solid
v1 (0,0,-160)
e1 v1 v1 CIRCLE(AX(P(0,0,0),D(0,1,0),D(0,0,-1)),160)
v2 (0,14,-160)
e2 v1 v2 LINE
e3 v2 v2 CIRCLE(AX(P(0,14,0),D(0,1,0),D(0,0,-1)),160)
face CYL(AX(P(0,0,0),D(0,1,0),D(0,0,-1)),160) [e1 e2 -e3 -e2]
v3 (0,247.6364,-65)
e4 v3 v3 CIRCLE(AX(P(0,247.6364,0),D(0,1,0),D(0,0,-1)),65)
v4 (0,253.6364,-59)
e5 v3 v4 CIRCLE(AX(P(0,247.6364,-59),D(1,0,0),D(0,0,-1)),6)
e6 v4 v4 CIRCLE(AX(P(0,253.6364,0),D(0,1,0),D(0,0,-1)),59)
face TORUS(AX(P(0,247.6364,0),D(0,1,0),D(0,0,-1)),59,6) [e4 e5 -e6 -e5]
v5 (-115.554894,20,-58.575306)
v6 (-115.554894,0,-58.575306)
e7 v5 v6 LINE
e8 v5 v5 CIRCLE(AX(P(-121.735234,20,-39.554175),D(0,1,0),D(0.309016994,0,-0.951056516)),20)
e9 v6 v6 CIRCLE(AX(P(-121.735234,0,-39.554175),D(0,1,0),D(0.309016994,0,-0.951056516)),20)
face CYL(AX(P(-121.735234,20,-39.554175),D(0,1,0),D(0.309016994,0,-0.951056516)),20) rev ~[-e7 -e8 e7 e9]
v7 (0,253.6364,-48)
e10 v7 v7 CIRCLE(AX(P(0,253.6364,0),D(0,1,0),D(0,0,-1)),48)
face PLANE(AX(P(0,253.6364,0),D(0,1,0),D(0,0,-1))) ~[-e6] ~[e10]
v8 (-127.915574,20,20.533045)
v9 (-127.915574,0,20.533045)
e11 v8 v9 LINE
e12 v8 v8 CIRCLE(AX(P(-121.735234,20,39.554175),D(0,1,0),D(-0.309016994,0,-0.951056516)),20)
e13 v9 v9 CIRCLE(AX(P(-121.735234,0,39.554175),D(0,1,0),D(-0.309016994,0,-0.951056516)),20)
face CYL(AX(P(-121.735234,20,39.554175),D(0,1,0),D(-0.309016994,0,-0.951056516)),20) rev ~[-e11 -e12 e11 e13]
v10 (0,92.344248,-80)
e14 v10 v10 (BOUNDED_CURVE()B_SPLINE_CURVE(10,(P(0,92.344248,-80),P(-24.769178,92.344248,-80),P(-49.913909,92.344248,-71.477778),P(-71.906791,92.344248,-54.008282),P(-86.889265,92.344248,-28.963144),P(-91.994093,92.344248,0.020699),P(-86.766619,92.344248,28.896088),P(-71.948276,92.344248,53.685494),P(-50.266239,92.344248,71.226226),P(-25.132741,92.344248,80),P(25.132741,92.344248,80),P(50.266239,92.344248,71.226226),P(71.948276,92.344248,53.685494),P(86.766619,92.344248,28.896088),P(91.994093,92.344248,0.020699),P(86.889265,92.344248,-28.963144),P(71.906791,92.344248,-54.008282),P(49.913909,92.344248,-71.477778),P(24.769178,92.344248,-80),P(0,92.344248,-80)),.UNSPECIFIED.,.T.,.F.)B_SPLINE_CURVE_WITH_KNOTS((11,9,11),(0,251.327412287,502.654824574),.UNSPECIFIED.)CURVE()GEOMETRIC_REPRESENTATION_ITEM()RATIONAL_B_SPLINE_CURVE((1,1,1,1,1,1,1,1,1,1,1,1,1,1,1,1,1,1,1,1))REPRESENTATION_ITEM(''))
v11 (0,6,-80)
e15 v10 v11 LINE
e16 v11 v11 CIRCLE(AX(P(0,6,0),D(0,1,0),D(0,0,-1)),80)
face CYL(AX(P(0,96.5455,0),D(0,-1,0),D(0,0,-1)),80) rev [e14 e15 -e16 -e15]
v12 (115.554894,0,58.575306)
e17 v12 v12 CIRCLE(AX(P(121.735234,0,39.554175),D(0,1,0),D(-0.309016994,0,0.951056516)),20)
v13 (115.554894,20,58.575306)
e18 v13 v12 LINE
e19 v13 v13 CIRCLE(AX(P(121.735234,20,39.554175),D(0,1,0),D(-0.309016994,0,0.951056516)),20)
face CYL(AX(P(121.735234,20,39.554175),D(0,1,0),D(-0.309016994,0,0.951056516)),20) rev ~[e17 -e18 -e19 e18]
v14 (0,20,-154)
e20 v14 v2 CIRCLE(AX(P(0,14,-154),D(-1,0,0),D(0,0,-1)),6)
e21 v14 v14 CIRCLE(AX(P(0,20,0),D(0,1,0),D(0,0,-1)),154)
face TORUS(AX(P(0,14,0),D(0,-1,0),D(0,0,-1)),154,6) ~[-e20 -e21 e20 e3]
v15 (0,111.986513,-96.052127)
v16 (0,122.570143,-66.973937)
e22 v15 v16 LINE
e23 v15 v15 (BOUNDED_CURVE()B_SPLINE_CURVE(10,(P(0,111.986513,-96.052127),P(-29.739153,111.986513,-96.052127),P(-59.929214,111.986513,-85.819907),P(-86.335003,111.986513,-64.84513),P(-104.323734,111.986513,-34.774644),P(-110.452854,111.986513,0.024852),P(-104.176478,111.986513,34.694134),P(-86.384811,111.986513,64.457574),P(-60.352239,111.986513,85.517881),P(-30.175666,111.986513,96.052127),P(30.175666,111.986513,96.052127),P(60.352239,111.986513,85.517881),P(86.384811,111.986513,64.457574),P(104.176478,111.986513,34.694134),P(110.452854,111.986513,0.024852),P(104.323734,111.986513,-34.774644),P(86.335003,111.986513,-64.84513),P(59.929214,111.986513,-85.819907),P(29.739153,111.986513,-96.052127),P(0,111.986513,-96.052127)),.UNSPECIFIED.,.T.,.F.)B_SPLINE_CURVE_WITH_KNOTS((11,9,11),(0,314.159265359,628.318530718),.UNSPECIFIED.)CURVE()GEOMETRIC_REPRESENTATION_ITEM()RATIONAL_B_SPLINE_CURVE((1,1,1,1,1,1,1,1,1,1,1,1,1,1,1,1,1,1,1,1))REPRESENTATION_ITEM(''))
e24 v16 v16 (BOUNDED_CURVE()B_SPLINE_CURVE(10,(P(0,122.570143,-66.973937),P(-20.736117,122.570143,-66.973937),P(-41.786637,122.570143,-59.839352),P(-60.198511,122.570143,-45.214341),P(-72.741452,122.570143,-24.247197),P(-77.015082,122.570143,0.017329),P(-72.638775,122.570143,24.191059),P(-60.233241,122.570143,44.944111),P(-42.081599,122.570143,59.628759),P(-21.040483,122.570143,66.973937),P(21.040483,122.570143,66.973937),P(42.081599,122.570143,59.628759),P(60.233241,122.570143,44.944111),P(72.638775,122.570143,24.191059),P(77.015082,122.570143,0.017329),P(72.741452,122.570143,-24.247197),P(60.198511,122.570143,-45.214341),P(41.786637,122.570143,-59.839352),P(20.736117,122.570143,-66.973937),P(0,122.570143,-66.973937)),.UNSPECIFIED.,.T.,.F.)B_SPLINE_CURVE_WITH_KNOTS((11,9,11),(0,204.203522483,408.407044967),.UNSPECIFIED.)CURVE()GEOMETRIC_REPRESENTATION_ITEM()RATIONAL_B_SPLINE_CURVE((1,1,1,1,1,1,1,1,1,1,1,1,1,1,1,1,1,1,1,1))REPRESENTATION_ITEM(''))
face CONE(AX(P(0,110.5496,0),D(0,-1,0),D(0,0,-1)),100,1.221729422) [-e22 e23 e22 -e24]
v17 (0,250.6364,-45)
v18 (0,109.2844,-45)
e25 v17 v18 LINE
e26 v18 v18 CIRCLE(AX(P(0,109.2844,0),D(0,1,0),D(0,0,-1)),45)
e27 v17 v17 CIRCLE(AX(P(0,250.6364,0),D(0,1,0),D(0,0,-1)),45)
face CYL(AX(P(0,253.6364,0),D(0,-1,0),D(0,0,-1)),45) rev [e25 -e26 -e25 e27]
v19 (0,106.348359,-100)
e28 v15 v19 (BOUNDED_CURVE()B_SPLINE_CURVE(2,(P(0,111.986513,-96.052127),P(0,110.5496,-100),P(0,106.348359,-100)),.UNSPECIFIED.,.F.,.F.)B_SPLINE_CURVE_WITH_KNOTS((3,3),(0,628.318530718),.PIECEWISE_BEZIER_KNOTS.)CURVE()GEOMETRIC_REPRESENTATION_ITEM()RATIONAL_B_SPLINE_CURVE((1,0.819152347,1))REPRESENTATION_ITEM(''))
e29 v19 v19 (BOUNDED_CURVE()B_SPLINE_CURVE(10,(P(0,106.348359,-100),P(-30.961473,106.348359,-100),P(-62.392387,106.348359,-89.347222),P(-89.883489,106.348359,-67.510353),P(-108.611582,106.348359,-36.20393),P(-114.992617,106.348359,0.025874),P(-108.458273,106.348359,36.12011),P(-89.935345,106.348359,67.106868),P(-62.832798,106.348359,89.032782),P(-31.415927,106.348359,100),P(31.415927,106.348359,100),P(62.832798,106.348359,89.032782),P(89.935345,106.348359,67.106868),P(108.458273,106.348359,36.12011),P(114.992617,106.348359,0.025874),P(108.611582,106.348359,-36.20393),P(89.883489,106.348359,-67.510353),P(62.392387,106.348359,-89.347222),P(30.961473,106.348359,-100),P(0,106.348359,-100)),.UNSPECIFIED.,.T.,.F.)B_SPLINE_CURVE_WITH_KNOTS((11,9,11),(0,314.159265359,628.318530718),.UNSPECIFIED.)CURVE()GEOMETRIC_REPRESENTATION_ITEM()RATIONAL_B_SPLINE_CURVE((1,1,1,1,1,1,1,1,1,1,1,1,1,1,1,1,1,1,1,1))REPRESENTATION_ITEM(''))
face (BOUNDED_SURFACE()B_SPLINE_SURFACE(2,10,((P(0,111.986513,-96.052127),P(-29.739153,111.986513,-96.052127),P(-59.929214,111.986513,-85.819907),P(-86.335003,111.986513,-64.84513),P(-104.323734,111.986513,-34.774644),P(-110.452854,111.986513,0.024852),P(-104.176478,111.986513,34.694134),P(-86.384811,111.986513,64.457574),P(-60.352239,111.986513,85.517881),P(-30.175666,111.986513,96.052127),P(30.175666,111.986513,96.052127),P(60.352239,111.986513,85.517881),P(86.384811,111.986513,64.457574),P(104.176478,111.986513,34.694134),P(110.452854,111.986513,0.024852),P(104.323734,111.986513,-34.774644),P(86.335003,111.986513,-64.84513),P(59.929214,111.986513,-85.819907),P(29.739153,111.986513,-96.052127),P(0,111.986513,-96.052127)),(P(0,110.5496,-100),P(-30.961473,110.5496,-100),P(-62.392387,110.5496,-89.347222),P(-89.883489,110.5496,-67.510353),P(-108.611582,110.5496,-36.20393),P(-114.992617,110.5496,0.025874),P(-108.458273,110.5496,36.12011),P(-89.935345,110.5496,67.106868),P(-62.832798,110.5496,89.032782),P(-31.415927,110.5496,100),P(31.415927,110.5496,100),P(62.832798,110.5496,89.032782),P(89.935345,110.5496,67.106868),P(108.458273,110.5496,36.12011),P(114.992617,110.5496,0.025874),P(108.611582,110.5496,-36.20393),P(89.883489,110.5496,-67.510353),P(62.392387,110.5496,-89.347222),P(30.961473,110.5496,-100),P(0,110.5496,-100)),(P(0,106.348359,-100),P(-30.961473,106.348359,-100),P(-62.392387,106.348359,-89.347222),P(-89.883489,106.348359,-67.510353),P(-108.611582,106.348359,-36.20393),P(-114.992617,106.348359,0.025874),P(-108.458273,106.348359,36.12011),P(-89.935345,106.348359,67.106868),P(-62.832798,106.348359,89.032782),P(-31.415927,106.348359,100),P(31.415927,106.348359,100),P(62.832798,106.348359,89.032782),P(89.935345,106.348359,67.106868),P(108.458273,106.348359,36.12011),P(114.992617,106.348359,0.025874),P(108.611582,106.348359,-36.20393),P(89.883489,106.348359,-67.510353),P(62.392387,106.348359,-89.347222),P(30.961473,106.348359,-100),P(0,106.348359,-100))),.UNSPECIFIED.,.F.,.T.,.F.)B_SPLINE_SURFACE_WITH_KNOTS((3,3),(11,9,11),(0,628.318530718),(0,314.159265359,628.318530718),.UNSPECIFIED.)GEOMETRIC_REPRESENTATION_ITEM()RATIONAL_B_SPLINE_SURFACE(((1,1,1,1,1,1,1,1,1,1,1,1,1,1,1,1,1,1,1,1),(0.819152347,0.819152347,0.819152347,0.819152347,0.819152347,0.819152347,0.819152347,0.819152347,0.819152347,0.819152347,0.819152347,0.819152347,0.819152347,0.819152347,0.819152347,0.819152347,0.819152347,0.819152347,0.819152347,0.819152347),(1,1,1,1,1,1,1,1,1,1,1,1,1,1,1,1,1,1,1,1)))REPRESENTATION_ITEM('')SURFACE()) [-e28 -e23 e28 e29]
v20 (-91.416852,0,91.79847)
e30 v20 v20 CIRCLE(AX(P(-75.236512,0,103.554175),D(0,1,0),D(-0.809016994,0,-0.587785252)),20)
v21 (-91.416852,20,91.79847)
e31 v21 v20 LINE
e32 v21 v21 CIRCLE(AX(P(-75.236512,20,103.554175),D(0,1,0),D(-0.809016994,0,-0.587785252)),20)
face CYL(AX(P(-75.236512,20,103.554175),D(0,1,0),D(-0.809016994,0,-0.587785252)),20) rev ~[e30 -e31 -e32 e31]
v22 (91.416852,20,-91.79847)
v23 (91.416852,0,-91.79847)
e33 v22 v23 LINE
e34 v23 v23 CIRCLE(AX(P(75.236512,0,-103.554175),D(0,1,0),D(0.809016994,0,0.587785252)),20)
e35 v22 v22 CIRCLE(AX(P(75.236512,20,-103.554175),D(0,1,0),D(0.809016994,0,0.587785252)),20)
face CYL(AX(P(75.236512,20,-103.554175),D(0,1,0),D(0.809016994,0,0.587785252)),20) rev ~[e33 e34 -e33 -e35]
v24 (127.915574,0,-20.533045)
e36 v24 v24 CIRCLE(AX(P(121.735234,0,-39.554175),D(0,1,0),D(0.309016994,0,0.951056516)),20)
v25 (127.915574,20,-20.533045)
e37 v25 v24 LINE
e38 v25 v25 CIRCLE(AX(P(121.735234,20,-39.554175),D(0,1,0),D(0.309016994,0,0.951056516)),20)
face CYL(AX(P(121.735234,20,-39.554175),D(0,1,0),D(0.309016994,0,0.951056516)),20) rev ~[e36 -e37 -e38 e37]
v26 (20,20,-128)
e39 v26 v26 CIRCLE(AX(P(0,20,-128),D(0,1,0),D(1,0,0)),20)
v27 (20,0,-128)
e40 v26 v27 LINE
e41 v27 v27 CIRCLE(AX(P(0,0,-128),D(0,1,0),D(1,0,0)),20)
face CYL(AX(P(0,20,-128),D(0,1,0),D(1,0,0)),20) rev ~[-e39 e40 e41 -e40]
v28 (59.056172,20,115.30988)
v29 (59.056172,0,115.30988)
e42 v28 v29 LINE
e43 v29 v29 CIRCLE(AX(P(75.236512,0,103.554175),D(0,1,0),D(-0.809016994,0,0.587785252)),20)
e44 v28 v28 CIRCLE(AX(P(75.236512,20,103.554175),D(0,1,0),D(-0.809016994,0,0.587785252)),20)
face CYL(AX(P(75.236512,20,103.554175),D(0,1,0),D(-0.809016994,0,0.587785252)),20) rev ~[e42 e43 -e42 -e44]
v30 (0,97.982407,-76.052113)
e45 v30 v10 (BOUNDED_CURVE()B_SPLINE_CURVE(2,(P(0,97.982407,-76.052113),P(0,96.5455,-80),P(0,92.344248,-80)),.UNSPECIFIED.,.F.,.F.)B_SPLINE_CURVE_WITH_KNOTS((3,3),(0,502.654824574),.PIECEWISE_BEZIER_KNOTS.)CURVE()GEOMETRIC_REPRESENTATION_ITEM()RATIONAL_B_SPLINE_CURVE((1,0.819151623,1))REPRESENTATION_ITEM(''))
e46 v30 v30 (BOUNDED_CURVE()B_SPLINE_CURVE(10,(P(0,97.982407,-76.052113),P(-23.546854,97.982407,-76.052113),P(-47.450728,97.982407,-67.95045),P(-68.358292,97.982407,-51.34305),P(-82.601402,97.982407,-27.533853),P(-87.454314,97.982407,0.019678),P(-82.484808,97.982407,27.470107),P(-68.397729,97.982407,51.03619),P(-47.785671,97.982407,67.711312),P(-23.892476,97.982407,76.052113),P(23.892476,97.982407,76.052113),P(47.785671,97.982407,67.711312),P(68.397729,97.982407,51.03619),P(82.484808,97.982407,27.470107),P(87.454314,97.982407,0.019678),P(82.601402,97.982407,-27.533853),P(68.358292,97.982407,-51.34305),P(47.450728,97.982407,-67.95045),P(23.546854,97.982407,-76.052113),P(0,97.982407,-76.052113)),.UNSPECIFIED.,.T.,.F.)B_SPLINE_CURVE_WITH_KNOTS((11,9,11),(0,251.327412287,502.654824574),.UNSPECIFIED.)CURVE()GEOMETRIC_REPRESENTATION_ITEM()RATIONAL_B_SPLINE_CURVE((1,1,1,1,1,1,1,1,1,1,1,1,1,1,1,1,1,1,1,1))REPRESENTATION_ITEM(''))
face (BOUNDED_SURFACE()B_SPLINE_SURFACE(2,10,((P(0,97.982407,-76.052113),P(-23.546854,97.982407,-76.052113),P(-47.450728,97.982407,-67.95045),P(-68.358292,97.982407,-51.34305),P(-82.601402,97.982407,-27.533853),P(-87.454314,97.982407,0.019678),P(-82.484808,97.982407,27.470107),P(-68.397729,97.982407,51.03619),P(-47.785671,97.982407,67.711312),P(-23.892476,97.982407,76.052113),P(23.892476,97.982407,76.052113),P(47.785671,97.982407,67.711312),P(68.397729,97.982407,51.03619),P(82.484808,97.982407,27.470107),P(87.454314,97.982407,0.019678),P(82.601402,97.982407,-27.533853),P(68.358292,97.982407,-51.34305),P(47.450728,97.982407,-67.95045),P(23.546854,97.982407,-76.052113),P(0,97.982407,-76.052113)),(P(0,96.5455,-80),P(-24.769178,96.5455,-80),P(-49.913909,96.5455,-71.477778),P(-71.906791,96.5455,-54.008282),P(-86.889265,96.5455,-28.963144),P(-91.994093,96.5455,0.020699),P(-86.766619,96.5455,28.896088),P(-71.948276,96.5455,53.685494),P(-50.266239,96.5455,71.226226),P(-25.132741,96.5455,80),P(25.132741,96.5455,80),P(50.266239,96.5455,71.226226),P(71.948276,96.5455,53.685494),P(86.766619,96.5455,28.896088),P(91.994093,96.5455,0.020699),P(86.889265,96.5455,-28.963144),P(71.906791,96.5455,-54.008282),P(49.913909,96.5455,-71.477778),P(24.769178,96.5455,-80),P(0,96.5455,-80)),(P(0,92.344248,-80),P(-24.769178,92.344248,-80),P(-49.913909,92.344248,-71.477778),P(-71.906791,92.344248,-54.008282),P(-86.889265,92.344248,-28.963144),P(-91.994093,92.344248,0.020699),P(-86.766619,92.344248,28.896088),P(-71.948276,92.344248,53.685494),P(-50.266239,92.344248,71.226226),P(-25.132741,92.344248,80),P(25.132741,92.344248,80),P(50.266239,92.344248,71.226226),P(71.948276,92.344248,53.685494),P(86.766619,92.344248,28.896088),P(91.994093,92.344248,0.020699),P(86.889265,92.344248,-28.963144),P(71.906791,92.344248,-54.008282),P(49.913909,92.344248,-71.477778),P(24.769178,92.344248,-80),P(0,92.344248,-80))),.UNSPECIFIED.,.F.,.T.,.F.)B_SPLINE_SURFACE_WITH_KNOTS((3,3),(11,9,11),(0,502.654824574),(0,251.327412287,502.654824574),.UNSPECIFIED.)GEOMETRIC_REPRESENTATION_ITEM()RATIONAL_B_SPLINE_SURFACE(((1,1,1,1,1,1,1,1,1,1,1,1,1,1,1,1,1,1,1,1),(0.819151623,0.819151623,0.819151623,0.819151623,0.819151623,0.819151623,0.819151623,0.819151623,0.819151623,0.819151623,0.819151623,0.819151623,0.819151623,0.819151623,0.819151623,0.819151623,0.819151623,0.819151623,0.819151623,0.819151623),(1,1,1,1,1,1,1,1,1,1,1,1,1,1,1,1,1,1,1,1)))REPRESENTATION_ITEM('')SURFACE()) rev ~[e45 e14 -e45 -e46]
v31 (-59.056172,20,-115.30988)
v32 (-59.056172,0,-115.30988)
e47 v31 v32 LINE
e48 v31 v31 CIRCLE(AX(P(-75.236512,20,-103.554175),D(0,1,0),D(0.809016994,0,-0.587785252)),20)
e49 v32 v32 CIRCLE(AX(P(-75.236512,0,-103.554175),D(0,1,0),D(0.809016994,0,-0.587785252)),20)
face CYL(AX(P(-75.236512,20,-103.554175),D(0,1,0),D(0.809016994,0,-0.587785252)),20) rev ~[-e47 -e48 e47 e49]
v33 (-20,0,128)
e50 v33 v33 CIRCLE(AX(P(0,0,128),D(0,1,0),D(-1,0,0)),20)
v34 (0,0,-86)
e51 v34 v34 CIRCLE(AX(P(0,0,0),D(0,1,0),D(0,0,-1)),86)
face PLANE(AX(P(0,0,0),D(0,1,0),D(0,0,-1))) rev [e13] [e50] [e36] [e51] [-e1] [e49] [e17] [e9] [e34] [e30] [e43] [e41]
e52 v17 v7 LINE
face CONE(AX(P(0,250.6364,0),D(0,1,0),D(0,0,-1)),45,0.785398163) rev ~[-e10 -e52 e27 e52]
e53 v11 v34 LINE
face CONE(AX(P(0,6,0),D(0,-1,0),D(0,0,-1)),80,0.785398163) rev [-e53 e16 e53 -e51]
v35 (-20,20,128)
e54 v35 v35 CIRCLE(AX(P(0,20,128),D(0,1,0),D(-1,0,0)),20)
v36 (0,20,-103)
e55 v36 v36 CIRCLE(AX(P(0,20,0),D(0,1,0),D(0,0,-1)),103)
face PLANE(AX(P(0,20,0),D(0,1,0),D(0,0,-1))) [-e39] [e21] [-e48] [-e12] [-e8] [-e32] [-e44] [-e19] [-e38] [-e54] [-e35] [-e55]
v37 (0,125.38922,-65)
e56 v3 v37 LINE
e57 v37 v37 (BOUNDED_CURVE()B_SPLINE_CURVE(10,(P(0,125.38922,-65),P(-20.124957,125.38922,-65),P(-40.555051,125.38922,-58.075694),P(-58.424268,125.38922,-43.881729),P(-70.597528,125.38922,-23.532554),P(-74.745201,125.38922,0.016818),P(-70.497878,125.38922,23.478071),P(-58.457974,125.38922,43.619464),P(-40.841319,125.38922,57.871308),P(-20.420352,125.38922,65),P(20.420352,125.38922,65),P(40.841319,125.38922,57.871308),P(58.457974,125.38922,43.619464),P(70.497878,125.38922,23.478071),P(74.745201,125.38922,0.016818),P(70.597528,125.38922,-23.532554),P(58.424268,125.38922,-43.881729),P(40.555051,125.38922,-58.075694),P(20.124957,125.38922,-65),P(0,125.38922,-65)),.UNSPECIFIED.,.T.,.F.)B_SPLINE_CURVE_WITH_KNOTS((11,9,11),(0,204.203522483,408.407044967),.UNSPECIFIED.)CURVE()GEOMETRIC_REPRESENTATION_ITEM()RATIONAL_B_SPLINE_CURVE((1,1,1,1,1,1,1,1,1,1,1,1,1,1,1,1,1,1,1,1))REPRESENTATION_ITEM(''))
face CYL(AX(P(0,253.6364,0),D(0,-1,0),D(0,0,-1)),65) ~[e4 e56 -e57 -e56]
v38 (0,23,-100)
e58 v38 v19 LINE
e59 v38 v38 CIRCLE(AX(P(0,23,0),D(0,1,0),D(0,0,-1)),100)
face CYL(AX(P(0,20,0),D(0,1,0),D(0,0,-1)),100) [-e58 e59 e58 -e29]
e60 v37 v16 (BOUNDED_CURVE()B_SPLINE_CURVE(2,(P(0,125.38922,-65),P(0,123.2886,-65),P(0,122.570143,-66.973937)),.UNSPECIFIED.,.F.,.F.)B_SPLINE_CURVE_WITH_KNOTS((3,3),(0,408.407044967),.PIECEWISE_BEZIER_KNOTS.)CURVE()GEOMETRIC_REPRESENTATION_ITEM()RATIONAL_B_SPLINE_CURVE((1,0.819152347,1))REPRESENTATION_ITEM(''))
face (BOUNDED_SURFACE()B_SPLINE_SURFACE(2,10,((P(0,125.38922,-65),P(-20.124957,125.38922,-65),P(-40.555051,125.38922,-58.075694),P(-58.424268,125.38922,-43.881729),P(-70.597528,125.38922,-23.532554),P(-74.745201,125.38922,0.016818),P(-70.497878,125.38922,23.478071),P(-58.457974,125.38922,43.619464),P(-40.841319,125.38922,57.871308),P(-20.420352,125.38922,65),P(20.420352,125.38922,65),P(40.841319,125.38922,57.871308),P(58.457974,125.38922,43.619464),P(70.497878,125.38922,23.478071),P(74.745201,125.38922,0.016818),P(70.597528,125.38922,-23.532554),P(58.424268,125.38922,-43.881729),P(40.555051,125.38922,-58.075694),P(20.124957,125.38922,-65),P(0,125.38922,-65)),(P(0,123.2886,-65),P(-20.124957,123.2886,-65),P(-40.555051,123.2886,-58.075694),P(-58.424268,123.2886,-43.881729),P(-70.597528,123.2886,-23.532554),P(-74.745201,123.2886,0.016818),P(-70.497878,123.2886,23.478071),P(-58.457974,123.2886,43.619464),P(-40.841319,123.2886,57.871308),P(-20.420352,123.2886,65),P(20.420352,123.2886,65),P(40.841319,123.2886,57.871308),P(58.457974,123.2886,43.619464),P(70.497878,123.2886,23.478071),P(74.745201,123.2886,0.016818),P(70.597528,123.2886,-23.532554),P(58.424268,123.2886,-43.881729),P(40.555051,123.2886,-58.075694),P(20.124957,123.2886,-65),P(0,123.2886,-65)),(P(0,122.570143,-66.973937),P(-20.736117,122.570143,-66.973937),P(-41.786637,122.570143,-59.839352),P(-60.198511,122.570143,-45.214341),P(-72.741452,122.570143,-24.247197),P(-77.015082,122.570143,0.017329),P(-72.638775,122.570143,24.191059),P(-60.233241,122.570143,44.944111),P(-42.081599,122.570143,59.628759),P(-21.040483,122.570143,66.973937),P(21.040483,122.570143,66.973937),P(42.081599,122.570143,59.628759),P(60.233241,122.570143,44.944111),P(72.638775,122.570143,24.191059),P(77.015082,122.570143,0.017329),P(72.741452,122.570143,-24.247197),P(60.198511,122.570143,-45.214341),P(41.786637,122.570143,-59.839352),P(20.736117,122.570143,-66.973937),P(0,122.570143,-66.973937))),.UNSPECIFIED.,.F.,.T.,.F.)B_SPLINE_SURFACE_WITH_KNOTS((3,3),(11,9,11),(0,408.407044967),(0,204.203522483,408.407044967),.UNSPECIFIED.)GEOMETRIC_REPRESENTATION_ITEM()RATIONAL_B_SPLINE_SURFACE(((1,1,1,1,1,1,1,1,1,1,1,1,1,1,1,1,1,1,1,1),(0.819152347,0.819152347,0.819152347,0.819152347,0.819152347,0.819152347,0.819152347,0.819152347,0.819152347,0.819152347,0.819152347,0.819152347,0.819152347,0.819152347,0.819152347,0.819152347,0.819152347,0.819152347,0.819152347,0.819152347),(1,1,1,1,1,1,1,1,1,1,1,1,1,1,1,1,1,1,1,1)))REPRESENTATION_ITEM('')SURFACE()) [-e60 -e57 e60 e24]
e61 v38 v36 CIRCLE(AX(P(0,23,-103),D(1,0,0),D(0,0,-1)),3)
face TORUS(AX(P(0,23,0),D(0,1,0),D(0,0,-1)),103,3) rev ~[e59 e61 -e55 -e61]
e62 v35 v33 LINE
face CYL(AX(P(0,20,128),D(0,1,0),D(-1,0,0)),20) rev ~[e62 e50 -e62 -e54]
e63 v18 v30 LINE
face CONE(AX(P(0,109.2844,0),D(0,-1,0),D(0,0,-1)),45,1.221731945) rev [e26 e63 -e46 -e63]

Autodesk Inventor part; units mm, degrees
ref_plane "YZ Plane" through (0, 0, 0) normal (1, 0, 0) x (0, 1, 0)
ref_plane "XZ Plane" through (0, 0, 0) normal (0, 1, 0) x (-1, 0, 0)
ref_plane "XY Plane" through (0, 0, 0) normal (0, 0, 1) x (1, 0, 0)
sketch "Boceto1" plane through (0, 0, 0) normal (1, 0, 0) x (0, 1, 0)
  line L0 (0, 0) -> (253.6364, 0) construction
  line L1 (253.6364, 45) -> (109.2844, 45)
  line L2 (109.2844, 45) -> (96.5455, 80)
  line L3 (96.5455, 80) -> (0, 80)
  line L4 (0, 80) -> (0, 160)
  line L5 (0, 160) -> (20, 160)
  line L6 (20, 160) -> (20, 100)
  line L7 (20, 100) -> (110.5496, 100)
  line L8 (110.5496, 100) -> (123.2886, 65)
  line L9 (253.6364, 45) -> (253.6364, 65)
  line L10 (253.6364, 65) -> (122.5163, 65)
  dimension "d0" = 45
  dimension "d1" = 160
  dimension "d2" = 80
  dimension "d3" = 20
  dimension "d4" = 20
  dimension "d7" = 20
  dimension "d8" = 20
  dimension "d9" = 110
revolve "Revolución1" add sketch "Boceto1" angle 360 mid plane about axis through (0, 0, 0) along (0, 1, 0)
sketch "Boceto2" plane through (0, 20, 0) normal (0, 1, 0) x (1, 0, 0)
  circle A0 centre (0, 128) radius 20
  circle A1 centre (0, 0) radius 128 construction
  dimension "d12" = 256
  dimension "d11" = 40
extrude "Extrusión1" cut sketch "Boceto2" against normal through all
pattern_circular "Patrón circular1" count 10 over 360 about axis through (0, 181.4604, 0) along (0, 1, 0) of "Extrusión1"
fillet "Empalme1" radius 3 2 edges at (0, 20, 100) (0, 123.2886, 65)
fillet "Empalme2" radius 6 3 edges at (0, 110.5496, 100) (0, 253.6364, 65) (0, 20, 160)
fillet "Empalme3" radius 6 1 edges at (0, 96.5455, 80)
chamfer "Chaflán1" distance 6 angle 45 1 edges at (0, 0, 80)
chamfer "Chaflán2" distance 3 angle 45 1 edges at (0, 253.6364, 45)
properties part number "Brida" material "Acero, fundido"
